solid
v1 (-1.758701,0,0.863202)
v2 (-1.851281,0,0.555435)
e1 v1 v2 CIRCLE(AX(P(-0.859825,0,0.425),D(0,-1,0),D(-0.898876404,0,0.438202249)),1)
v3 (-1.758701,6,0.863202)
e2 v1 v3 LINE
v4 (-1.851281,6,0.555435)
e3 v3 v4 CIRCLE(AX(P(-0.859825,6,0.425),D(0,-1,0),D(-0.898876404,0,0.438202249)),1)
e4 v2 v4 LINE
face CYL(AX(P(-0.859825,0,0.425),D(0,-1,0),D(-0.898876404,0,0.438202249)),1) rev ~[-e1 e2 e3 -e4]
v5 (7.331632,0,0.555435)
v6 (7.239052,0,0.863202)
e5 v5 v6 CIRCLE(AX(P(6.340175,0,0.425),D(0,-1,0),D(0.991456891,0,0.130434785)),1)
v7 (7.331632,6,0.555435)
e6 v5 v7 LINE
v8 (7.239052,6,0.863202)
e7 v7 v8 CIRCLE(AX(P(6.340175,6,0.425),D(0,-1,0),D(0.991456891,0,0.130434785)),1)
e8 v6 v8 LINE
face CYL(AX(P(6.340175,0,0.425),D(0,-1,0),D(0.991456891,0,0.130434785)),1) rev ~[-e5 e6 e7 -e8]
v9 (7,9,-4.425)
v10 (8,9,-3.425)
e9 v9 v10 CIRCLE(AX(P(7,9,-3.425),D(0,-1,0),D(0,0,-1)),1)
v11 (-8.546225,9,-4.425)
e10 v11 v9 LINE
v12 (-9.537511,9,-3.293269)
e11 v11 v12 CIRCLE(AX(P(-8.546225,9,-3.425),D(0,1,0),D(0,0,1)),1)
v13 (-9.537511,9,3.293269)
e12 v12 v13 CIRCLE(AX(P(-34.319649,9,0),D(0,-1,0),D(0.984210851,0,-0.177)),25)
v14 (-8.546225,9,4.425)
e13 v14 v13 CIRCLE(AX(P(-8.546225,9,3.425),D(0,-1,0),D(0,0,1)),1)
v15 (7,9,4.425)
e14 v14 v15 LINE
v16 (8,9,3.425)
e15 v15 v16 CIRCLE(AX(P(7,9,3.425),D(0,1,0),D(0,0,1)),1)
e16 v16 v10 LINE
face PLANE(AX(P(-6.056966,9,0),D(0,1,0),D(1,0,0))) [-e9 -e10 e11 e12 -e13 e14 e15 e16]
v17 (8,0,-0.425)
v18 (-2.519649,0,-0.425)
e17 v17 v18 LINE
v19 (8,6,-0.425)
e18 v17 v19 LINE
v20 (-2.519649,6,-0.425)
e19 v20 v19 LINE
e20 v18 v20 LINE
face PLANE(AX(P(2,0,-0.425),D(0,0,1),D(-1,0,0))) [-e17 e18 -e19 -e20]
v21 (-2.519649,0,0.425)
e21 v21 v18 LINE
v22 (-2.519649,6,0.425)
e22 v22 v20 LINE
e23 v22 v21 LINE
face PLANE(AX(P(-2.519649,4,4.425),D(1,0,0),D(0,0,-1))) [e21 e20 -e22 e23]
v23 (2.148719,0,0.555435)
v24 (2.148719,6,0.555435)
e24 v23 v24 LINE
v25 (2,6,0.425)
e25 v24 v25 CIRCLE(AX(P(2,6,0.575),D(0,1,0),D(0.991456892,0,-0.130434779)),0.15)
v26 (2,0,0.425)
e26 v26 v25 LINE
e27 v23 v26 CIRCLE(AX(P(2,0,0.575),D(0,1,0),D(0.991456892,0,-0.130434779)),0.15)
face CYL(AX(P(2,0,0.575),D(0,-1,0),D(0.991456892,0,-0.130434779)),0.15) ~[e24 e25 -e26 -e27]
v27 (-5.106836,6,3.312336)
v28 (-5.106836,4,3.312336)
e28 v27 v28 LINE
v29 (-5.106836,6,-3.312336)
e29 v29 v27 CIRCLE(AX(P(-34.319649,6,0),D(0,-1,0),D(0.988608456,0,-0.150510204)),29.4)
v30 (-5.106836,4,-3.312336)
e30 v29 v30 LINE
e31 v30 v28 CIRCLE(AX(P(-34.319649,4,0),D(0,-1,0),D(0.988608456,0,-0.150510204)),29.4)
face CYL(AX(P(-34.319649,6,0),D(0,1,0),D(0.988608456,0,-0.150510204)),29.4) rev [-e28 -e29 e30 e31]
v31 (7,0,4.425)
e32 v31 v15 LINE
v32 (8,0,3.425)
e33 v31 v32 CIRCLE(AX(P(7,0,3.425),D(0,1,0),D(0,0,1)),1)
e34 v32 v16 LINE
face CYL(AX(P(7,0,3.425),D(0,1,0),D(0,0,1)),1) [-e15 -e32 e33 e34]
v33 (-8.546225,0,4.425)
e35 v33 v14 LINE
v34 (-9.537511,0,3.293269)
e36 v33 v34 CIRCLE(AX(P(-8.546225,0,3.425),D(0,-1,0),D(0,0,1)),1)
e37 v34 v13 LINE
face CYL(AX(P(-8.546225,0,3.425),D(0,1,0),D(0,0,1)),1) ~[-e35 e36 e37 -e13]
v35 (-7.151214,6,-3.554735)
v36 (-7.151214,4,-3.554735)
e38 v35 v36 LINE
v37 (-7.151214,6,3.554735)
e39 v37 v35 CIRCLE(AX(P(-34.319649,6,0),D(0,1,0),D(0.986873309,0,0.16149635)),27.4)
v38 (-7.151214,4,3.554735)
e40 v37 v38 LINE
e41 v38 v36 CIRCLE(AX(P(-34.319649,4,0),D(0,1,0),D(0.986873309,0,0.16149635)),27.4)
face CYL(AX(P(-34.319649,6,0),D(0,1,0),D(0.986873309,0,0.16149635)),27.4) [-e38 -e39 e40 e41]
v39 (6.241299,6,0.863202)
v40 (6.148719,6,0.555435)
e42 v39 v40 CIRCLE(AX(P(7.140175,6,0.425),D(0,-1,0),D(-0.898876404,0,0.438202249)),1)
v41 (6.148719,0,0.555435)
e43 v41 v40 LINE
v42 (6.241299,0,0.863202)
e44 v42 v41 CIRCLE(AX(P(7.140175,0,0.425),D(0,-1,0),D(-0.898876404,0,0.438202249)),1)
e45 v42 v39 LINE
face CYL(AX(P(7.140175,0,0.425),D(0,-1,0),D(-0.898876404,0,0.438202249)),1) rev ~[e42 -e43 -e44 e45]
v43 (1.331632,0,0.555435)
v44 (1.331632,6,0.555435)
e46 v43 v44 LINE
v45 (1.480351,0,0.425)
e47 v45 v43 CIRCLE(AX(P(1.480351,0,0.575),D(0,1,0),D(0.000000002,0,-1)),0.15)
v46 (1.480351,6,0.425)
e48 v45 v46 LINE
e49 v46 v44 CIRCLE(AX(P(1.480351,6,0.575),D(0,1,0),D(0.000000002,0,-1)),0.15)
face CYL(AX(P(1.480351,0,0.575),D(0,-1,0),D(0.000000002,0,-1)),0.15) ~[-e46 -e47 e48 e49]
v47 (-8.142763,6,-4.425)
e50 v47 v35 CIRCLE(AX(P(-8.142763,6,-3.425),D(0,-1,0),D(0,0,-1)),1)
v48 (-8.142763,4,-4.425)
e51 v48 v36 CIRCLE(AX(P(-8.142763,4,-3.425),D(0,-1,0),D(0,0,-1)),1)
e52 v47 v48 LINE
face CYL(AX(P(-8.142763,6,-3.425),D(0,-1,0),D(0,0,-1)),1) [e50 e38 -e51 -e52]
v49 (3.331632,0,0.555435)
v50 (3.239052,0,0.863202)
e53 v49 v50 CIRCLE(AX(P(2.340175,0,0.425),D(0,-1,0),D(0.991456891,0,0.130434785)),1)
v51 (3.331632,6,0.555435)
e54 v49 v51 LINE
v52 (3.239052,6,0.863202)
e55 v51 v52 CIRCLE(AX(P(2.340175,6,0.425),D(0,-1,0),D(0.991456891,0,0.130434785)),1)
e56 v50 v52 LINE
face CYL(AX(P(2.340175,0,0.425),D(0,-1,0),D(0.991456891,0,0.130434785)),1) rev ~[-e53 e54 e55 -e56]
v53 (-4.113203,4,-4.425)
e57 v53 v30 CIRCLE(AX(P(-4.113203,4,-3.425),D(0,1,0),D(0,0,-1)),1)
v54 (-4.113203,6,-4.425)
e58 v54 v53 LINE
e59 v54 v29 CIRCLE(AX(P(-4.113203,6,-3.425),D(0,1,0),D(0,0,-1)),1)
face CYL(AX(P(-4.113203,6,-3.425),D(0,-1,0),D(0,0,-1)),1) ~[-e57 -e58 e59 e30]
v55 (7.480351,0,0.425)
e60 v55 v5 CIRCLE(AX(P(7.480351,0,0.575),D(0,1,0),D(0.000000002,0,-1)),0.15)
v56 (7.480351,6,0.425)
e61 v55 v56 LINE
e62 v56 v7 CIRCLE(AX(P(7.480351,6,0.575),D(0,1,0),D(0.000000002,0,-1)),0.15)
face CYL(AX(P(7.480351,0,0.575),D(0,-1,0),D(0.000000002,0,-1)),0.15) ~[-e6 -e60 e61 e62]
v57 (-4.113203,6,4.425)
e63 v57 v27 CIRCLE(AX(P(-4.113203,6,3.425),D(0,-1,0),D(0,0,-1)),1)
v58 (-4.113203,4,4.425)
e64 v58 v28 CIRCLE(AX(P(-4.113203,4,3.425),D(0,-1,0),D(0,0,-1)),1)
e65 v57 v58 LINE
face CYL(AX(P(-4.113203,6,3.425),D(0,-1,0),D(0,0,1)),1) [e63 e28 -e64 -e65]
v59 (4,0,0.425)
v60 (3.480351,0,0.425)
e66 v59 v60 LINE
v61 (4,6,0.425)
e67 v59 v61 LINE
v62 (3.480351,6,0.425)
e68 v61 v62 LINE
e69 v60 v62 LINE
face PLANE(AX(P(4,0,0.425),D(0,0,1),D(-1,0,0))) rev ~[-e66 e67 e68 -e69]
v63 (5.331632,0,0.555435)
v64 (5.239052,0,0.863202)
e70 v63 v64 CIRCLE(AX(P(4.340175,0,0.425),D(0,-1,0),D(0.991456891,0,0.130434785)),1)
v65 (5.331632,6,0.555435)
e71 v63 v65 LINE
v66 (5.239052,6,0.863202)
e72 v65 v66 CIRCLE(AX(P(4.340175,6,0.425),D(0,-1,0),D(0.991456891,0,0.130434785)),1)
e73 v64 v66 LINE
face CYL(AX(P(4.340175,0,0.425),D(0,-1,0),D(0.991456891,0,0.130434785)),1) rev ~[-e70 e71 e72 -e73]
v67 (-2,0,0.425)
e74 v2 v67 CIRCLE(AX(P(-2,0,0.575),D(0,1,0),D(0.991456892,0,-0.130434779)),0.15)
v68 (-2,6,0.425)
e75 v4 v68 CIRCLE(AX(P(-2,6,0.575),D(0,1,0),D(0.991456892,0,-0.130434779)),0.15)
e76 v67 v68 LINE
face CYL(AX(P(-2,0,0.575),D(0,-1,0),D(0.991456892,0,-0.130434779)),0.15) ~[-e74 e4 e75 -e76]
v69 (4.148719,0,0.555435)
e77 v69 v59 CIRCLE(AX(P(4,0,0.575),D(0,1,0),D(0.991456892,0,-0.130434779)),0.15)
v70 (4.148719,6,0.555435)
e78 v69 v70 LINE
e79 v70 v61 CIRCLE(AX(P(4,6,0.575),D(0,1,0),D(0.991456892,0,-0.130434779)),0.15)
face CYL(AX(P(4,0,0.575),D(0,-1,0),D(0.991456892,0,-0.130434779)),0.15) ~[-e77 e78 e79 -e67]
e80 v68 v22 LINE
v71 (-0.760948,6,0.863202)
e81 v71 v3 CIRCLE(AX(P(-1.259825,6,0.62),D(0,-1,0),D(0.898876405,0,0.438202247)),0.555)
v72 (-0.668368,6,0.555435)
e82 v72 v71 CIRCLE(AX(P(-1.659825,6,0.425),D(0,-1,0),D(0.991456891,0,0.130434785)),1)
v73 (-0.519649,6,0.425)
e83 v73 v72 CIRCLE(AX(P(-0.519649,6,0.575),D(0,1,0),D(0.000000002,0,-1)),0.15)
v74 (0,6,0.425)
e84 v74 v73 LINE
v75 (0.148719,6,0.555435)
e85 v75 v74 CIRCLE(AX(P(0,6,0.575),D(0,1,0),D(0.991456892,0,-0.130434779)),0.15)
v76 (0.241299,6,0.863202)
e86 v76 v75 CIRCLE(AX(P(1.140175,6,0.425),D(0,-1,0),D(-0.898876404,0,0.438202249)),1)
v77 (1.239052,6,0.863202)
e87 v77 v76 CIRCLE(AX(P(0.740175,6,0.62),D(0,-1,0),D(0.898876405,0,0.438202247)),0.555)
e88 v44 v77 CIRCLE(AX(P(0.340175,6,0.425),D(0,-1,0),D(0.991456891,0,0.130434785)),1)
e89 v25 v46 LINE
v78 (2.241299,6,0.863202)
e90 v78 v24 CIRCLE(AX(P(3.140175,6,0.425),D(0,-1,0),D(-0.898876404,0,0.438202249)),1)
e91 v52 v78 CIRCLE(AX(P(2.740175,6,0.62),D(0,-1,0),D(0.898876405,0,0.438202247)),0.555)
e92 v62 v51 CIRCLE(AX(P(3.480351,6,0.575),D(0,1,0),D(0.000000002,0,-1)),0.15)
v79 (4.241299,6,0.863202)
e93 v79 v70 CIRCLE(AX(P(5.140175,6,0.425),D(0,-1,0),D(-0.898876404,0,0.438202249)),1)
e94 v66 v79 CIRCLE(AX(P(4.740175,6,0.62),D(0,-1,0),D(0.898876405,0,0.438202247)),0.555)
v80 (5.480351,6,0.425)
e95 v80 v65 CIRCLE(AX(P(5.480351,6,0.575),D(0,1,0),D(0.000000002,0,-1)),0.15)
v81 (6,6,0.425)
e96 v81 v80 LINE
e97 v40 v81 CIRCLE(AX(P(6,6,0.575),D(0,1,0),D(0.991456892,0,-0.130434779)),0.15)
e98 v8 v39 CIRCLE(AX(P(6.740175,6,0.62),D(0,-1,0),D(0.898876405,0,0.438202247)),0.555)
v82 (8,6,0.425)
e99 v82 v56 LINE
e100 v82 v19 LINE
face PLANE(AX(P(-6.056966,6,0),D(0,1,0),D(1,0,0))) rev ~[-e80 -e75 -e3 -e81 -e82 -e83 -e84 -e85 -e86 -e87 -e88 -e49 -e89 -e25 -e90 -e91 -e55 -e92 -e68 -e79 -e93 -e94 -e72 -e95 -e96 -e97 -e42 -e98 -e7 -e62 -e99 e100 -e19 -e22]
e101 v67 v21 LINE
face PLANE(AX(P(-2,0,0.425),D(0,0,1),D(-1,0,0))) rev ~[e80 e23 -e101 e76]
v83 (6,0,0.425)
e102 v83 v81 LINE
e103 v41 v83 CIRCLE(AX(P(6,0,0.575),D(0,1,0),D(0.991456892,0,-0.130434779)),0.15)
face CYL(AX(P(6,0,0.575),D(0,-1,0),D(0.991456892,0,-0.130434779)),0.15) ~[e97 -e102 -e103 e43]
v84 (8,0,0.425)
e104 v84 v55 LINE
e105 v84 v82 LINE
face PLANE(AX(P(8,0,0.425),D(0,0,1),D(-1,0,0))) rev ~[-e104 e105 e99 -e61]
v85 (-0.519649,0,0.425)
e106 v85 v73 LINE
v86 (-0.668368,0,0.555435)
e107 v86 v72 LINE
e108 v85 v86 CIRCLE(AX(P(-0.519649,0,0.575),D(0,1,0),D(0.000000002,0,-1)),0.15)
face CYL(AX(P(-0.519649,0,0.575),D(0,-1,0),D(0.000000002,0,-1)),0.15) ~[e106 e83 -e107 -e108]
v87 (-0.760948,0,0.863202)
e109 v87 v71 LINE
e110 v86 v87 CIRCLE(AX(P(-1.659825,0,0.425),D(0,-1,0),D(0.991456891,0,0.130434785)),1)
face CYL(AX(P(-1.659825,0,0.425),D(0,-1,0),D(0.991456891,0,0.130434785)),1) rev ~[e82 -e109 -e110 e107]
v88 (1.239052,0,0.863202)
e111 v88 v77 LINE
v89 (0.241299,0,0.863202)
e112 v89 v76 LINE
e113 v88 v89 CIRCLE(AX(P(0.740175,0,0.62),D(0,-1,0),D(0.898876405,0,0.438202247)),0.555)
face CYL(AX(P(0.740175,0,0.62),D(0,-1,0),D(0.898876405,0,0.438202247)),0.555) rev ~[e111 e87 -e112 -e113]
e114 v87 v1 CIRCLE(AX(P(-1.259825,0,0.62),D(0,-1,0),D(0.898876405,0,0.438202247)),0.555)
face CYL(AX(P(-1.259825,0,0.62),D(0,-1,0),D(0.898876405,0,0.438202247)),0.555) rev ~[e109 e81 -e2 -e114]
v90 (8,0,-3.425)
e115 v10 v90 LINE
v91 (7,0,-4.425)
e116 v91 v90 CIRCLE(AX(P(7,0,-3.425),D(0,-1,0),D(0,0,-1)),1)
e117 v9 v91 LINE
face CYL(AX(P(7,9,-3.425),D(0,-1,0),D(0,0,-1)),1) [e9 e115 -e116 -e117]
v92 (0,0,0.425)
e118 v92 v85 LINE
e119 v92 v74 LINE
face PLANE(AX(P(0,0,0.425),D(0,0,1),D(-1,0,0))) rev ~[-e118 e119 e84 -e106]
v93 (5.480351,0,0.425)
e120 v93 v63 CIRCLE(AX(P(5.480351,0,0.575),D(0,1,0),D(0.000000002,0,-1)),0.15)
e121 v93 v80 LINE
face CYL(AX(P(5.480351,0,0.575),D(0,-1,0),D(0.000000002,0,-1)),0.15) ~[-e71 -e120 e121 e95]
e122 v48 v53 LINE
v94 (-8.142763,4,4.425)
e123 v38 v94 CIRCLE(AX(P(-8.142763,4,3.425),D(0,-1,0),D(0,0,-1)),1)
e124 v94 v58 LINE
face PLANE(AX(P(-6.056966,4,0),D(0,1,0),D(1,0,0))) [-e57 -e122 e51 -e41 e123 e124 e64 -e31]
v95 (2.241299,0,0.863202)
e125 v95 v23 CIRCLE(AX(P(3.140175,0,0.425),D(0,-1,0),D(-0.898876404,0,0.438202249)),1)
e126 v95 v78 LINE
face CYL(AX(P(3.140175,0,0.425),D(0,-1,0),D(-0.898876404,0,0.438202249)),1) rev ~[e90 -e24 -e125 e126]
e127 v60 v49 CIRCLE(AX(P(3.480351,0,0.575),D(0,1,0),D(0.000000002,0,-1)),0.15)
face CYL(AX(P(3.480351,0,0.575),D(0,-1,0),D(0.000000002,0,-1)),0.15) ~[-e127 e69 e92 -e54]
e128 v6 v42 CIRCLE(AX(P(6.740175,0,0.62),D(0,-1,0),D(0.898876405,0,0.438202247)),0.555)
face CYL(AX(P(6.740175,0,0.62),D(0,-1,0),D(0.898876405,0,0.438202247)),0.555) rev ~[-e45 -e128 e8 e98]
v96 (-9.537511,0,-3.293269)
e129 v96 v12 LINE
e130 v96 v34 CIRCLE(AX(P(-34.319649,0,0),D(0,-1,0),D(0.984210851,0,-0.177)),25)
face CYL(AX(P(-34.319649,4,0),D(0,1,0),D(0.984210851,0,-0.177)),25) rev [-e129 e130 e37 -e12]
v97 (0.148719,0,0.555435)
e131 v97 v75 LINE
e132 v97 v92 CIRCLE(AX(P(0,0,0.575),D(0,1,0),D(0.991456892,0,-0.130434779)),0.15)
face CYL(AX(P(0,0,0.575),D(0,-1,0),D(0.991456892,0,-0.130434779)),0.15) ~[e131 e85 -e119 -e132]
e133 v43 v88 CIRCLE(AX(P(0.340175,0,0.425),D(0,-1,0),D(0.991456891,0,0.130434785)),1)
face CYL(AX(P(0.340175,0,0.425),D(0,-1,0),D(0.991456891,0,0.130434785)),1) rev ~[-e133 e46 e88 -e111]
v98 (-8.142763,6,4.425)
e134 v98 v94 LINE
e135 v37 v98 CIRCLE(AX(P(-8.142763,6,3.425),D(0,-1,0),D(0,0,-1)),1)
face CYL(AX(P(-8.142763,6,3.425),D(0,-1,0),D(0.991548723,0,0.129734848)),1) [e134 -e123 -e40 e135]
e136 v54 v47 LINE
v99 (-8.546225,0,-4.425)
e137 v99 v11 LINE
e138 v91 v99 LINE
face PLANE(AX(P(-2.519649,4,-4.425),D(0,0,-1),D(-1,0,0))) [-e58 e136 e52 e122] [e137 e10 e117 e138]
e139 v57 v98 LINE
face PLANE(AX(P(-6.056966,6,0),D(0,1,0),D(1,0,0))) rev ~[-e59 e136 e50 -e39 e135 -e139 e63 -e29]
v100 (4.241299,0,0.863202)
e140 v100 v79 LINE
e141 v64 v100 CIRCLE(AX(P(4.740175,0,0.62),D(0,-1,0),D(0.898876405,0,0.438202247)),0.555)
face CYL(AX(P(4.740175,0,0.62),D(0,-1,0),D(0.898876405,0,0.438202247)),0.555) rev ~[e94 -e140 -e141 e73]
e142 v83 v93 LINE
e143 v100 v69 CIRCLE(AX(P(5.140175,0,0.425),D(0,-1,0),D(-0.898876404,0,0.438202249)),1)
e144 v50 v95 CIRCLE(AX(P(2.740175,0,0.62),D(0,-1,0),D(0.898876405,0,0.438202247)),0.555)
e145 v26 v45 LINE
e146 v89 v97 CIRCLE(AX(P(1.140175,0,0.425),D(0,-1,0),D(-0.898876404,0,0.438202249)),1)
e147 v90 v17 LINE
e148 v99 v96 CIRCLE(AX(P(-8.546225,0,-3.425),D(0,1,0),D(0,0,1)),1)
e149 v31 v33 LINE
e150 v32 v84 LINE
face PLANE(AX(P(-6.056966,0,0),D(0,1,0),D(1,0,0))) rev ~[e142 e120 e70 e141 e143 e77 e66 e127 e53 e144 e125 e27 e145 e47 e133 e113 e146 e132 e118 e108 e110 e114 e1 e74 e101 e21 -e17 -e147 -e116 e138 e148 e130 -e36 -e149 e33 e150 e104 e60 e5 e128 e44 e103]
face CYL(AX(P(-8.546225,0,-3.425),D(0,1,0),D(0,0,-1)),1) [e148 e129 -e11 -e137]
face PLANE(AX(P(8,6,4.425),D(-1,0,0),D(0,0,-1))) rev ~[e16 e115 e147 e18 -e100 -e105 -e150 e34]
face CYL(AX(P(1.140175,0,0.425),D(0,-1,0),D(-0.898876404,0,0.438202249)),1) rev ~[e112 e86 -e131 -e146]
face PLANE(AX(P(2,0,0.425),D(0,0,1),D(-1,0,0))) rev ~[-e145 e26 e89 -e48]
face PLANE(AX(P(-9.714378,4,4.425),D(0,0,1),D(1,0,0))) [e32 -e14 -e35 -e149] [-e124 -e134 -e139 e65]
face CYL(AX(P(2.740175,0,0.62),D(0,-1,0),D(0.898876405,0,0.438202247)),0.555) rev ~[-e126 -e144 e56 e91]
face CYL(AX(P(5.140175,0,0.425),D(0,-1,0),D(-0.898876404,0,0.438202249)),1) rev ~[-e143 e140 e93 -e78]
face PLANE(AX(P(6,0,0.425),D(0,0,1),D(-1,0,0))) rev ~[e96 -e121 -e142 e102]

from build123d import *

# Parameters (mm, degrees)
BOSS_EXTRUDE2_DEPTH   = 6
SKETCH3_W             = 2.51964915
SKETCH3_H             = 4
BOSS_EXTRUDE2_2_DEPTH = 6
LPATTERN1_COUNT       = 5
LPATTERN1_PITCH       = 2
SKETCH4_W             = 10.51964915
SKETCH4_H             = 8.85
BOSS_EXTRUDE3_DEPTH   = 3
BOSS_EXTRUDE7_DEPTH   = 3
BOSS_EXTRUDE8_START   = -3
BOSS_EXTRUDE8_DEPTH   = 2
BOSS_EXTRUDE9_START   = -5
BOSS_EXTRUDE9_DEPTH   = 4
FILLET1_R             = 1


with BuildPart() as part:
    # Sketch3 → Boss-Extrude2 (new body)
    with BuildSketch(Plane(origin=(0, 0, 0), x_dir=(-1, 0, 0), z_dir=(0, 1, 0))):
        with BuildLine():
            Line((0, 0.425), (0.51964915, 0.425))
            ThreePointArc((0.51964915, 0.425), (0.618556221, 0.462228588), (0.668367684, 0.555434783))
            ThreePointArc((0.668367684, 0.555434783), (0.702212861, 0.713062154), (0.76094817, 0.863202247))
            ThreePointArc((0.76094817, 0.863202247), (1.259824575, 1.175), (1.758700979, 0.863202247))
            ThreePointArc((1.758700979, 0.863202247), (1.817436289, 0.713062154), (1.851281466, 0.555434783))
            ThreePointArc((1.851281466, 0.555434783), (1.901092929, 0.462228588), (2, 0.425))
            Line((2, 0.425), (2.51964915, 0.425))
            Line((2.51964915, 0.425), (2.51964915, 4.425))
            Line((2.51964915, 4.425), (0, 4.425))
            Line((0, 4.425), (0, 0.425))
        make_face()
    boss_extrude2 = extrude(amount=BOSS_EXTRUDE2_DEPTH)


with BuildPart() as body_2:
    # Sketch3 → Boss-Extrude2 2 (new body)
    with BuildSketch(Plane(origin=(0, 0, 0), x_dir=(-1, 0, 0), z_dir=(0, 1, 0))):
        with Locations((1.259824575, -2.425)):
            Rectangle(SKETCH3_W, SKETCH3_H)
    boss_extrude2_2 = extrude(amount=BOSS_EXTRUDE2_2_DEPTH)


with BuildPart() as part_1:
    add(part.part)

    add(body_2.part)  # LPattern1 merges body 2
    # LPattern1: Boss-Extrude2, Boss-Extrude2 2 ×5
    with Locations(*[(i * LPATTERN1_PITCH, 0, 0) for i in range(1, LPATTERN1_COUNT)]):
        add(boss_extrude2)
        add(boss_extrude2_2)

    # Sketch4 → Boss-Extrude3 (add)
    with BuildSketch(Plane(origin=(0, 6, 0), x_dir=(1, 0, 0), z_dir=(0, 1, 0))):
        with Locations((2.740175425, 0)):
            Rectangle(SKETCH4_W, SKETCH4_H)
    extrude(amount=BOSS_EXTRUDE3_DEPTH)

    # Sketch8 → Boss-Extrude7 (add)
    with BuildSketch(Plane(origin=(0, 9, 0), x_dir=(1, 0, 0), z_dir=(0, 1, 0))):
        with BuildLine():
            Line((-2.51964915, 4.425), (-9.714377865, 4.425))
            ThreePointArc((-9.714377865, 4.425), (-9.31964915, 0), (-9.714377865, -4.425))
            Line((-9.714377865, -4.425), (-2.51964915, -4.425))
            Line((-2.51964915, -4.425), (-2.51964915, 4.425))
        make_face()
    extrude(amount=-BOSS_EXTRUDE7_DEPTH)

    # Sketch8<3> → Boss-Extrude8 (add)
    with BuildSketch(Plane(origin=(0, 9, 0), x_dir=(1, 0, 0), z_dir=(0, 1, 0)).offset(BOSS_EXTRUDE8_START)):
        with BuildLine():
            ThreePointArc((-7.279320472, -4.425), (-6.91964915, 0), (-7.279320472, 4.425))
            Line((-7.279320472, 4.425), (-9.714377865, 4.425))
            ThreePointArc((-9.714377865, 4.425), (-9.31964915, 0), (-9.714377865, -4.425))
            Line((-9.714377865, -4.425), (-7.279320472, -4.425))
        make_face()
        with BuildLine():
            Line((-2.51964915, -4.425), (-2.51964915, 4.425))
            Line((-2.51964915, 4.425), (-5.254560555, 4.425))
            ThreePointArc((-5.254560555, 4.425), (-4.91964915, 0), (-5.254560555, -4.425))
            Line((-5.254560555, -4.425), (-2.51964915, -4.425))
        make_face()
    extrude(amount=-BOSS_EXTRUDE8_DEPTH)

    # Sketch8<4> → Boss-Extrude9 (add)
    with BuildSketch(Plane(origin=(0, 9, 0), x_dir=(1, 0, 0), z_dir=(0, 1, 0)).offset(BOSS_EXTRUDE9_START)):
        with BuildLine():
            Line((-2.51964915, 4.425), (-9.714377865, 4.425))
            ThreePointArc((-9.714377865, 4.425), (-9.31964915, 0), (-9.714377865, -4.425))
            Line((-9.714377865, -4.425), (-2.51964915, -4.425))
            Line((-2.51964915, -4.425), (-2.51964915, 4.425))
        make_face()
    extrude(amount=-BOSS_EXTRUDE9_DEPTH)

    # Fillet1
    fillet1_edges = [part_1.edges().sort_by_distance(p)[0] for p in [
        (8, 4.5, 4.425),
        (8, 4.5, -4.425),
        (-9.714377865, 4.5, 4.425),
        (-9.714377865, 4.5, -4.425),
        (-7.279320472, 5, -4.425),
        (-7.279320472, 5, 4.425),
        (-5.254560555, 5, 4.425),
        (-5.254560555, 5, -4.425),
    ]]
    fillet(fillet1_edges, radius=FILLET1_R)


solid = part_1.part
